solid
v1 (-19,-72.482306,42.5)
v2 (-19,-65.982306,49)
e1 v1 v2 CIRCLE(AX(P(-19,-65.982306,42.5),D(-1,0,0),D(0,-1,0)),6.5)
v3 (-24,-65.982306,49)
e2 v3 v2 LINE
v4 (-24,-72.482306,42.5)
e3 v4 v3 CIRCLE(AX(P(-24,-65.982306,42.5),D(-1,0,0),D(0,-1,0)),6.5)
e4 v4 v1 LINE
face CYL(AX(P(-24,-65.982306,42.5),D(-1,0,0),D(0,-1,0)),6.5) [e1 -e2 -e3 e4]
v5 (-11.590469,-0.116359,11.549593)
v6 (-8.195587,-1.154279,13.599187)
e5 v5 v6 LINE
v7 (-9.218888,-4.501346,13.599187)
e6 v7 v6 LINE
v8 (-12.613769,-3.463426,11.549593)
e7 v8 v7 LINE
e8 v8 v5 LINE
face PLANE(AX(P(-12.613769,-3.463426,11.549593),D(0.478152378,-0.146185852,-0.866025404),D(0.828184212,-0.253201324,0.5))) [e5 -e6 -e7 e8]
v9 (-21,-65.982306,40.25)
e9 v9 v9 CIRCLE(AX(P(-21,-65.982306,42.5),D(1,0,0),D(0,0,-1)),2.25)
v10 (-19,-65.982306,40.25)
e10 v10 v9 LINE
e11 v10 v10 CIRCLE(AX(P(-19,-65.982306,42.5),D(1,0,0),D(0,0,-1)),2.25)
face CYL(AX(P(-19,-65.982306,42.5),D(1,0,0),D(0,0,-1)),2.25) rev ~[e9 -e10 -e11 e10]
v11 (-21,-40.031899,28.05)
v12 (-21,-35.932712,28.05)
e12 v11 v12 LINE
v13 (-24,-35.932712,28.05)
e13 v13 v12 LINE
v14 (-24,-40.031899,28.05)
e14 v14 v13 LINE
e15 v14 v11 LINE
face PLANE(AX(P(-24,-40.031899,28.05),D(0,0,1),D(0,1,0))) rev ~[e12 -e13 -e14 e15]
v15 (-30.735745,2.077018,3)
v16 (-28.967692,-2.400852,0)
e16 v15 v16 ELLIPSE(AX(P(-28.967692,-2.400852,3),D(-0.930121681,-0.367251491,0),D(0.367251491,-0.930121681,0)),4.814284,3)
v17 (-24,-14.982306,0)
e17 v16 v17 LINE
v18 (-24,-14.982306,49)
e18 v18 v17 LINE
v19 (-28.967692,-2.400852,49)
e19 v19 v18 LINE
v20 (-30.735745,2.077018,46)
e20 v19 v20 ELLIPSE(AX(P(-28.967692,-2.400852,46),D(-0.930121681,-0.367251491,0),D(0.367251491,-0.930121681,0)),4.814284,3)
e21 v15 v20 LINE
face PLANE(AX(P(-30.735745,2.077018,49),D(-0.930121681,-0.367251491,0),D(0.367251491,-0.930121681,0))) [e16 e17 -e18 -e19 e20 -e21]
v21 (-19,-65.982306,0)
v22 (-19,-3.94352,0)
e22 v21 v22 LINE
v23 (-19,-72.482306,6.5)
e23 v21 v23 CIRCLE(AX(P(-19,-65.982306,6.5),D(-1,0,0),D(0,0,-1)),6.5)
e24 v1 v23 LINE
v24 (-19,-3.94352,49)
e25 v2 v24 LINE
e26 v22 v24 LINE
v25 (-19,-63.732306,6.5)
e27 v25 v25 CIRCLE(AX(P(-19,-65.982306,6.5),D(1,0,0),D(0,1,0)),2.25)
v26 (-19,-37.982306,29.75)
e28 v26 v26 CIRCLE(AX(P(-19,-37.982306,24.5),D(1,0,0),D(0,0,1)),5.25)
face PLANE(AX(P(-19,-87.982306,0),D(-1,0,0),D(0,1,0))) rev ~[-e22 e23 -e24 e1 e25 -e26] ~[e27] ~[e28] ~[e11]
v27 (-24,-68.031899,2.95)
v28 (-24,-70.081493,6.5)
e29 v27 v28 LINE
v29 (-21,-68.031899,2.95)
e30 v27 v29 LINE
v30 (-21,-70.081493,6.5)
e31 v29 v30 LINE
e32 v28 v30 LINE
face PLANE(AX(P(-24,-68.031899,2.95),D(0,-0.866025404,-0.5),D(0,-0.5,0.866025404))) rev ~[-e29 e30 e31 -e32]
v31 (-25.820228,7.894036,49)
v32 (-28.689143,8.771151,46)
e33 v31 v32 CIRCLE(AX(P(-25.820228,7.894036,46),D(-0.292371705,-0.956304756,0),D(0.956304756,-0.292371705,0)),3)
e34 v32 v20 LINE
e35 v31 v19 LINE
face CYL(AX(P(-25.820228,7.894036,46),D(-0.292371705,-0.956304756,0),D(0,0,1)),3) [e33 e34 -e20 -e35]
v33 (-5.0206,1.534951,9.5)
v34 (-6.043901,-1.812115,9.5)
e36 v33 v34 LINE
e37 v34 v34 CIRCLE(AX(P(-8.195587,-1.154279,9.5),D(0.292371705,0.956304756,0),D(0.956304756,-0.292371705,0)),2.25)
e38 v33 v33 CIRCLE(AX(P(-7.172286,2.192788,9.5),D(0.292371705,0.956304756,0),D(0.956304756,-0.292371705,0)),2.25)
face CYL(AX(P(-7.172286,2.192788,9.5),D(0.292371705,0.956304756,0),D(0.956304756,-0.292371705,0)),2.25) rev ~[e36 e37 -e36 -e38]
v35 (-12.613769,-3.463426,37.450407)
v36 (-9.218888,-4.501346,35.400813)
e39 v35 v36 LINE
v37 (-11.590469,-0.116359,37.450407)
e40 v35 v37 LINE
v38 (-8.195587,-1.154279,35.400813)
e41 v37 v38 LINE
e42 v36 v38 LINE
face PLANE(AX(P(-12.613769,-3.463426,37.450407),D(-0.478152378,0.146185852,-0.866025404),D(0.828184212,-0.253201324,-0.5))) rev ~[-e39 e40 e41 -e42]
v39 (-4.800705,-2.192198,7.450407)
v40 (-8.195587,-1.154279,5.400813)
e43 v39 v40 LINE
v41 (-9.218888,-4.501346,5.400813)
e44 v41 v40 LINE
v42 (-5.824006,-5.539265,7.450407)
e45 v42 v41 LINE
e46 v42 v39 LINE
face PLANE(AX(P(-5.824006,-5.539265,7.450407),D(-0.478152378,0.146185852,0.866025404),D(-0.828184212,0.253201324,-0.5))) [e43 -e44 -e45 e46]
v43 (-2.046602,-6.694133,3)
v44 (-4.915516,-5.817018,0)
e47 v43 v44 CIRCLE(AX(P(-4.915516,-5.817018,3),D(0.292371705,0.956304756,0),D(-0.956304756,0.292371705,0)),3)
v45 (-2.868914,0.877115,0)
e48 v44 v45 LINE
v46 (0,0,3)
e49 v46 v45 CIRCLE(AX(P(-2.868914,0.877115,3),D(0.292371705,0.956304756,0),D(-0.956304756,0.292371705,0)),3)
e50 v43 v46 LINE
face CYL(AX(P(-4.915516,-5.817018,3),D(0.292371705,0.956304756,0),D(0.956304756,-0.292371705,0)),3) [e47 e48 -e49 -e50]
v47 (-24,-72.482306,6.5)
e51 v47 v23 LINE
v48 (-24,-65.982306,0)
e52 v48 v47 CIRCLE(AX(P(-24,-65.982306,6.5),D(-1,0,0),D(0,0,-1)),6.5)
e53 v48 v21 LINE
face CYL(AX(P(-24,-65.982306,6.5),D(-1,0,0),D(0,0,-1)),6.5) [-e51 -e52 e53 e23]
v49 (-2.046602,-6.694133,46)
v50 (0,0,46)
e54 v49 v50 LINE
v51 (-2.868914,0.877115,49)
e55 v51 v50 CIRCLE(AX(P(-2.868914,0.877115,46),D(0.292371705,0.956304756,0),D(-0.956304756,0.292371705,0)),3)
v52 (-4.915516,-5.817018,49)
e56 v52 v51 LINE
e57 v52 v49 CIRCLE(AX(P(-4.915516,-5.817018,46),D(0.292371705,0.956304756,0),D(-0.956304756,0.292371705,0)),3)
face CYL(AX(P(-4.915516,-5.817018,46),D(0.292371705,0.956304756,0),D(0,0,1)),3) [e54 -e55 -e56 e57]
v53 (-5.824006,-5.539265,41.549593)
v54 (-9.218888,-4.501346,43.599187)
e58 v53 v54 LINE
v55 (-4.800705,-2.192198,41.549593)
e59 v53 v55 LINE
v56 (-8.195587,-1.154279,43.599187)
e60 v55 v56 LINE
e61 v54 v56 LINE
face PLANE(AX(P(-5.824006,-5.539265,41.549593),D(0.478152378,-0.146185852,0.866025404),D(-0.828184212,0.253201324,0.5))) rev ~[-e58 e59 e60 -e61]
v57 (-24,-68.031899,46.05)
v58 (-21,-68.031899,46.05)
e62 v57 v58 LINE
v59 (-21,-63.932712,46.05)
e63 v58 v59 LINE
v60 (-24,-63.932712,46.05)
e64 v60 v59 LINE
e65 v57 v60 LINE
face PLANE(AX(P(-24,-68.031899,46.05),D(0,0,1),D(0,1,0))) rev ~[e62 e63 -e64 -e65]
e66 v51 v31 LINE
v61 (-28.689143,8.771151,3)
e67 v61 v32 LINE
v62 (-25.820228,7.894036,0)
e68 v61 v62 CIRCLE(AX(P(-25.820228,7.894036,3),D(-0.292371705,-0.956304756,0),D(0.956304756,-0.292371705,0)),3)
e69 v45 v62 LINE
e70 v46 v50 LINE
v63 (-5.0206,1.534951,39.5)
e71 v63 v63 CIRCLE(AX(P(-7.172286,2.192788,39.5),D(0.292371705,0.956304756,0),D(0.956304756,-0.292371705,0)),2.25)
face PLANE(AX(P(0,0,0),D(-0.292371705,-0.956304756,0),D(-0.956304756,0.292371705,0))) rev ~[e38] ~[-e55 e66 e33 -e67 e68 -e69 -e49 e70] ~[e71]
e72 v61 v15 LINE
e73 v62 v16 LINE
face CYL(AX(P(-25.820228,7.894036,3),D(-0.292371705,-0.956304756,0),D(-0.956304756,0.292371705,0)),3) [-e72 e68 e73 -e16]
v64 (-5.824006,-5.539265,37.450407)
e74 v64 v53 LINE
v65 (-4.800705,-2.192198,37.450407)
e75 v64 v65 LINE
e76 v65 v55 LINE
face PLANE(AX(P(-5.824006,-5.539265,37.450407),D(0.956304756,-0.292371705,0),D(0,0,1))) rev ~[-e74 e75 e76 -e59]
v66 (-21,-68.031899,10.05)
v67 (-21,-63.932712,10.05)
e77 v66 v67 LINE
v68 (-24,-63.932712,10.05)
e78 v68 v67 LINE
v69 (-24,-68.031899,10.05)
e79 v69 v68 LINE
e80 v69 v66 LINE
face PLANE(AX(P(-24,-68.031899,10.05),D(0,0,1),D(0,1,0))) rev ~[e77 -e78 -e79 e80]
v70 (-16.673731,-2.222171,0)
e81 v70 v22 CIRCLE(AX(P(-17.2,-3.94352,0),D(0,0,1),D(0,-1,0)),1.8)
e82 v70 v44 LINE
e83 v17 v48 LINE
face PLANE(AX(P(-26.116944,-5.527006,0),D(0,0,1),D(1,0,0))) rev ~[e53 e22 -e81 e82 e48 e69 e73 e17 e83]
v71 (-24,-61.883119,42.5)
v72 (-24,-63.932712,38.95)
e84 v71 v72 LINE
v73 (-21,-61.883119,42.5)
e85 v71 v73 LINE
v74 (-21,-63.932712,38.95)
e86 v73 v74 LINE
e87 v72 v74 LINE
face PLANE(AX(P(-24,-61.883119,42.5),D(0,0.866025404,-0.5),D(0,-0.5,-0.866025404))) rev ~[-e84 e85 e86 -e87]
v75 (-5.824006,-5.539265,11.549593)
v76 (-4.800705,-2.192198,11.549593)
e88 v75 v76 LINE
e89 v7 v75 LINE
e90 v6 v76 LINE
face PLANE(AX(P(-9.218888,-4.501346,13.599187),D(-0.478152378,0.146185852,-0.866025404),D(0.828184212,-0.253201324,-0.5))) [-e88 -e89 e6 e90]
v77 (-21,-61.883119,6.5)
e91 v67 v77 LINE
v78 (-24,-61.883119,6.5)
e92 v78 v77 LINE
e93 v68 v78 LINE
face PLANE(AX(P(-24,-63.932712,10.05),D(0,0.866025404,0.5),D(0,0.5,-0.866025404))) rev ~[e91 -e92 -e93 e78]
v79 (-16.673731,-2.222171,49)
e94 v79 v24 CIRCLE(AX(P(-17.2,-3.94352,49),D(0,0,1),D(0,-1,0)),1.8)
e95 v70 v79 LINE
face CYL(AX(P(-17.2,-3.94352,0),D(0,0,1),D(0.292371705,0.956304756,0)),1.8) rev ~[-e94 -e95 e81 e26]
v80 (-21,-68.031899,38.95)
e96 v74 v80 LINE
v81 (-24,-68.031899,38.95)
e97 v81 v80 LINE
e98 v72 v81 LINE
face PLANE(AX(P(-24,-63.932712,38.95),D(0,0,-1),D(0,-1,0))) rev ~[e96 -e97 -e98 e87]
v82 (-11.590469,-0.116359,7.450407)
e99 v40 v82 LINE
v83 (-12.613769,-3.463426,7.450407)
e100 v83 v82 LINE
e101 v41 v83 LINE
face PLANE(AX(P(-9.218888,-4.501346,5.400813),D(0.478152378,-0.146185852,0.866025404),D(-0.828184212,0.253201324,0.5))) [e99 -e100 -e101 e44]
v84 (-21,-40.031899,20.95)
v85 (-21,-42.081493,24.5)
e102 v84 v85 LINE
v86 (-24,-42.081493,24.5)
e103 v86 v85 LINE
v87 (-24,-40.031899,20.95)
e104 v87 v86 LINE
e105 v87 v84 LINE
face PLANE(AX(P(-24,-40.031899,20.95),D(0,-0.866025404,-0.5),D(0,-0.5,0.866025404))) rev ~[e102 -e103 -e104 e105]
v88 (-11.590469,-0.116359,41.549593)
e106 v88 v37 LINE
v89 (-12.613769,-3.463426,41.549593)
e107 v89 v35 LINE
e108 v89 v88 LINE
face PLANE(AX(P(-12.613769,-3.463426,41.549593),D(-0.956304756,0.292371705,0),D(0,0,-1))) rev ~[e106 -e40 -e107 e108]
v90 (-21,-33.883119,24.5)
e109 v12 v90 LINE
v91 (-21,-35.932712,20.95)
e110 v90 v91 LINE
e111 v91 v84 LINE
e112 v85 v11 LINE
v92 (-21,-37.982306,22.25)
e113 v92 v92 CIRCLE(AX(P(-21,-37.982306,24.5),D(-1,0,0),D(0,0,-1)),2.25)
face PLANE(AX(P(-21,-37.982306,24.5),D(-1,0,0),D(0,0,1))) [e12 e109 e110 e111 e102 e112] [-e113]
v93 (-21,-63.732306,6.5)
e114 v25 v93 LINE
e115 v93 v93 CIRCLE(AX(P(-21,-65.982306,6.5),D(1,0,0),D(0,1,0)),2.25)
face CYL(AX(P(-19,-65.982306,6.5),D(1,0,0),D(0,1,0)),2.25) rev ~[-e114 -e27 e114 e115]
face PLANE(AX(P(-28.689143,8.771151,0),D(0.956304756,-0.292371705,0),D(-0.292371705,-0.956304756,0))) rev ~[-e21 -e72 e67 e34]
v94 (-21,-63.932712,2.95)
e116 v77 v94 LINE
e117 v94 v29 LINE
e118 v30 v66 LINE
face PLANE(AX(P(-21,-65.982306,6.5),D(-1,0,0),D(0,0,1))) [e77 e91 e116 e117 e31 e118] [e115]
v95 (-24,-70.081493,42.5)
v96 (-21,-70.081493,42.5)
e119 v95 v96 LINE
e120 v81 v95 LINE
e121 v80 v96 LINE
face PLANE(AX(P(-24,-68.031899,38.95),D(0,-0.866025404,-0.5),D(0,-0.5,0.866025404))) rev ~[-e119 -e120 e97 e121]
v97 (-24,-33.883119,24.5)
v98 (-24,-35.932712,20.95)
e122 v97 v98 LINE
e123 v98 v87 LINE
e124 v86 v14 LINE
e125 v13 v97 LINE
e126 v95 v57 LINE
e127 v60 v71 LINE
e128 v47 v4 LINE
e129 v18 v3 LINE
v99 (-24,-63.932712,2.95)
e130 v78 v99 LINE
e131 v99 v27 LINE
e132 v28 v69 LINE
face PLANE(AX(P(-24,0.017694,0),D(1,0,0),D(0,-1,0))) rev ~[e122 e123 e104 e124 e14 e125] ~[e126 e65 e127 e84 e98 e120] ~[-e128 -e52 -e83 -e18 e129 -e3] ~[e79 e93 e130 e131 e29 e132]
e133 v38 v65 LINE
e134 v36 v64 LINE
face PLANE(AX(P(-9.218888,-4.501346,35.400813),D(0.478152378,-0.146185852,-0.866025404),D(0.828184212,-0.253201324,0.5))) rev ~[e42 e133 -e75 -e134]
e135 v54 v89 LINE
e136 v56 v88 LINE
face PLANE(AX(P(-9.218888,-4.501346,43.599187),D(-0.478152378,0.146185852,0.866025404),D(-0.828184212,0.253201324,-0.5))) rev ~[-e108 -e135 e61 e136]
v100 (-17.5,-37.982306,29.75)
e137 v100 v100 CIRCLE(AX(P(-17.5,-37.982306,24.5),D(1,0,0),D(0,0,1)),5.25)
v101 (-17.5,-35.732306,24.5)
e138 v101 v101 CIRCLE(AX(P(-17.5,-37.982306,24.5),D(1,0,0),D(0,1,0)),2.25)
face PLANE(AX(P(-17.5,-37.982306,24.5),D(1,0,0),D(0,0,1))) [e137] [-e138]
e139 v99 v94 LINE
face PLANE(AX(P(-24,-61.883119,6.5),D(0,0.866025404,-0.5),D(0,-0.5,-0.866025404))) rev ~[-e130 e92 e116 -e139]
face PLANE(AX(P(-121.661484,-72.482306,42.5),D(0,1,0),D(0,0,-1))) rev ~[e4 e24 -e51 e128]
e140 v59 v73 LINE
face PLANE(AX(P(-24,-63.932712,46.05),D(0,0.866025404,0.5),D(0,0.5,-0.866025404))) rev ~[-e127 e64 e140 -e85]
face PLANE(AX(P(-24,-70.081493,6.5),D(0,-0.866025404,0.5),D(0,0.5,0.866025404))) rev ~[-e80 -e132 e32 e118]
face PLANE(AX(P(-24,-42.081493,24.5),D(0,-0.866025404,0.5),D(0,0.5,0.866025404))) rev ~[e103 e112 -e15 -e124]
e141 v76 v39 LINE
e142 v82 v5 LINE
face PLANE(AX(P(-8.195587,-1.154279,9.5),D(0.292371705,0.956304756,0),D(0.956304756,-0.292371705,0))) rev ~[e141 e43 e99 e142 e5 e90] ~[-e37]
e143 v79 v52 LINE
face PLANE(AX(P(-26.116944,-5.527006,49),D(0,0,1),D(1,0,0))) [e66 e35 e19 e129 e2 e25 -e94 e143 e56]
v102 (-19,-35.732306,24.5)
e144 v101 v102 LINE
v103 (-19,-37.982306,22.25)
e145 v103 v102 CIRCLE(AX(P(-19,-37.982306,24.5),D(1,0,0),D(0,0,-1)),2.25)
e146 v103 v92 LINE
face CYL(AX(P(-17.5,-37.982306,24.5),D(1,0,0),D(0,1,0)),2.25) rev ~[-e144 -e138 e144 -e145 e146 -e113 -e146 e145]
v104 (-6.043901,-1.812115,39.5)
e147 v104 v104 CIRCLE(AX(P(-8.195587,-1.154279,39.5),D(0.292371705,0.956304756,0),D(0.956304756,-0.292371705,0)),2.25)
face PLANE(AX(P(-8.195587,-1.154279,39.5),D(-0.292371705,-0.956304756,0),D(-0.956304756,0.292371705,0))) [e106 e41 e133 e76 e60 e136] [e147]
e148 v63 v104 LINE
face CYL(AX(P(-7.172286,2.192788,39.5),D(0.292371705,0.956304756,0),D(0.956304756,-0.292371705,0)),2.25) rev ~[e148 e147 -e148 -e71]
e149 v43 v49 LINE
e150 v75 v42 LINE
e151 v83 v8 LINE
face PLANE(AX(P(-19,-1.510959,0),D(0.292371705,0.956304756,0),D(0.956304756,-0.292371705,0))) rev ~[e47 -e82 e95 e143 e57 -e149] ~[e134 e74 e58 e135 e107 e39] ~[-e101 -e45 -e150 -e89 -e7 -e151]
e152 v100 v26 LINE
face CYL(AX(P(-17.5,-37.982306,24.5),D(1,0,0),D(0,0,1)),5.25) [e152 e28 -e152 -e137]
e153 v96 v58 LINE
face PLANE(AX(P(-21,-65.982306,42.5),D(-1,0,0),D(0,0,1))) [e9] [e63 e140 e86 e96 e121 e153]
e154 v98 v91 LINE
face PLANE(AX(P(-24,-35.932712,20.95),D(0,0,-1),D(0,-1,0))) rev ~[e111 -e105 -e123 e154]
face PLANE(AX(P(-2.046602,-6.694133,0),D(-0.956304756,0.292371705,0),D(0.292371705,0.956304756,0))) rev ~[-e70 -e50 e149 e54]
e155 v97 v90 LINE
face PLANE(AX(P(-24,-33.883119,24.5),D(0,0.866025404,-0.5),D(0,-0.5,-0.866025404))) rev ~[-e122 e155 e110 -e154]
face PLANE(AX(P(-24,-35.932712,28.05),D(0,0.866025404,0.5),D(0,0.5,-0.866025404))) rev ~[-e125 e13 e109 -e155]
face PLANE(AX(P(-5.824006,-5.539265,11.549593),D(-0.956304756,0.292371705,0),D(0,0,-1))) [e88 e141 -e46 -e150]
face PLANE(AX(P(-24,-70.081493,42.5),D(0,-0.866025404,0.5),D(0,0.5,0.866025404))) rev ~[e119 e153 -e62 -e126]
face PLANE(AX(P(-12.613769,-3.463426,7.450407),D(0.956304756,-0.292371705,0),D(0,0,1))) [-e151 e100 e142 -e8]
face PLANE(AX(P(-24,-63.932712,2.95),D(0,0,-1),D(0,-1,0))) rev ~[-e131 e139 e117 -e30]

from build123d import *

# Parameters (mm, degrees)
BOSS_EXTRU_1_DEPTH                  = 49
ENL_V_MAT_EXTRU_1_REACH             = 107.293
ESQUISSE2_R                         = 2.25
ENL_V_MAT_EXTRU_1_DIRECTION_2_DEPTH = 106.292792514
ENL_V_MAT_EXTRU_2_REACH             = 104.484
ESQUISSE3_R                         = 2.25
ENL_V_START                         = -5
ENL_V_MAT_EXTRU_3_DEPTH             = 5
CONG_1_R                            = 3
ENL_V_START_2                       = -7
ENL_V_MAT_EXTRU_4_DEPTH             = 3.5
BOSS_EXTRU_2_DEPTH                  = 49
CONG_2_R                            = 1.8
CONG_3_R                            = 3
ENL_V_MAT_EXTRU_5_DEPTH             = 102.661483921
ENL_V_MAT_EXTRU_5_DEPTH_BACK        = 102.661483921
ESQUISSE8_W                         = 36
ESQUISSE8_H                         = 16
BOSS_EXTRU_3_START                  = 1.5
ESQUISSE9_R                         = 5.25
ESQUISSE9_R_2                       = 2.25
BOSS_EXTRU_3_DEPTH                  = 1.5
ENL_V_MAT_EXTRU_6_DEPTH             = 3


with BuildPart() as part:
    # Esquisse1 → Boss.-Extru.1 (new body)
    with BuildSketch(Plane.XY):
        Polygon((0, 0), (-28.689142679, 8.771151142), (-30.735744612, 2.07701785), (-24, 0.01769406), (-24, -87.98230594), (-19, -87.98230594), (-19, -1.510959348), (-2.046601933, -6.694133292), align=None)
    extrude(amount=BOSS_EXTRU_1_DEPTH)

    # Esquisse2 → Enlèv. mat.-Extru.1 (cut, up to next)
    with BuildSketch(Plane(origin=(0, 0, 0), x_dir=(0.9563047559630374, -0.2923717047227305, 0), z_dir=(0.2923717047227305, 0.9563047559630374, 0)), mode=Mode.PRIVATE) as enl_v_mat_extru_1_sk1:
        with Locations((-7.5, -9.5)):
            Circle(ESQUISSE2_R)
    enl_v_mat_extru_1_tool1 = extrude(enl_v_mat_extru_1_sk1.sketch, amount=-ENL_V_MAT_EXTRU_1_REACH, mode=Mode.PRIVATE) & part.part
    # Esquisse2 → Enlèv. mat.-Extru.1 (cut, up to next)
    with BuildSketch(Plane(origin=(0, 0, 0), x_dir=(0.9563047559630374, -0.2923717047227305, 0), z_dir=(0.2923717047227305, 0.9563047559630374, 0)), mode=Mode.PRIVATE) as enl_v_mat_extru_1_sk2:
        with Locations((-7.5, -39.5)):
            Circle(ESQUISSE2_R)
    enl_v_mat_extru_1_tool2 = extrude(enl_v_mat_extru_1_sk2.sketch, amount=-ENL_V_MAT_EXTRU_1_REACH, mode=Mode.PRIVATE) & part.part
    add(enl_v_mat_extru_1_tool1.solids().sort_by_distance((-7.172286, 2.192788, 9.5))[0], mode=Mode.SUBTRACT)
    add(enl_v_mat_extru_1_tool2.solids().sort_by_distance((-7.172286, 2.192788, 39.5))[0], mode=Mode.SUBTRACT)

    # Esquisse2 → Enlèv. mat.-Extru.1 direction 2 (cut)
    with BuildSketch(Plane(origin=(0, 0, 0), x_dir=(0.9563047559630374, -0.2923717047227305, 0), z_dir=(0.2923717047227305, 0.9563047559630374, 0))):
        with Locations((-7.5, -9.5)):
            Circle(ESQUISSE2_R)
        with Locations((-7.5, -39.5)):
            Circle(ESQUISSE2_R)
    extrude(amount=ENL_V_MAT_EXTRU_1_DIRECTION_2_DEPTH, mode=Mode.SUBTRACT)

    # Esquisse3 → Enlèv. mat.-Extru.2 (cut, up to next)
    with BuildSketch(Plane(origin=(-19, 0, 0), x_dir=(0, 0, -1), z_dir=(1, 0, 0)), mode=Mode.PRIVATE) as enl_v_mat_extru_2_sk1:
        with Locations((-42.5, -65.98230594)):
            Circle(ESQUISSE3_R)
    enl_v_mat_extru_2_tool1 = extrude(enl_v_mat_extru_2_sk1.sketch, amount=-ENL_V_MAT_EXTRU_2_REACH, mode=Mode.PRIVATE) & part.part
    # Esquisse3 → Enlèv. mat.-Extru.2 (cut, up to next)
    with BuildSketch(Plane(origin=(-19, 0, 0), x_dir=(0, 0, -1), z_dir=(1, 0, 0)), mode=Mode.PRIVATE) as enl_v_mat_extru_2_sk2:
        with Locations(Location((-6.5, -65.98230594, 0), (0, 0, 90))):
            Circle(ESQUISSE3_R)
    enl_v_mat_extru_2_tool2 = extrude(enl_v_mat_extru_2_sk2.sketch, amount=-ENL_V_MAT_EXTRU_2_REACH, mode=Mode.PRIVATE) & part.part
    # Esquisse3 → Enlèv. mat.-Extru.2 (cut, up to next)
    with BuildSketch(Plane(origin=(-19, 0, 0), x_dir=(0, 0, -1), z_dir=(1, 0, 0)), mode=Mode.PRIVATE) as enl_v_mat_extru_2_sk3:
        with Locations((-24.5, -37.98230594)):
            Circle(ESQUISSE3_R)
    enl_v_mat_extru_2_tool3 = extrude(enl_v_mat_extru_2_sk3.sketch, amount=-ENL_V_MAT_EXTRU_2_REACH, mode=Mode.PRIVATE) & part.part
    add(enl_v_mat_extru_2_tool1.solids().sort_by_distance((-19, -65.982306, 42.5))[0], mode=Mode.SUBTRACT)
    add(enl_v_mat_extru_2_tool2.solids().sort_by_distance((-19, -65.982306, 6.5))[0], mode=Mode.SUBTRACT)
    add(enl_v_mat_extru_2_tool3.solids().sort_by_distance((-19, -37.982306, 24.5))[0], mode=Mode.SUBTRACT)

    # Esquisse4 → Enlèv. mat.-Extru.3 (cut)
    with BuildSketch(Plane(origin=(-19, 0, 0), x_dir=(0, 0, -1), z_dir=(1, 0, 0)).offset(ENL_V_START)):
        with BuildLine():
            Line((-24.5, -87.98230594), (-42.5, -72.48230594))
            ThreePointArc((-42.5, -72.48230594), (-47.096194078, -70.578500018), (-49, -65.98230594))
            Line((-49, -65.98230594), (-50, -65.98230594))
            Line((-50, -65.98230594), (-50, -88.98230594))
            Line((-50, -88.98230594), (1, -88.98230594))
            Line((1, -88.98230594), (1, -65.98230594))
            Line((1, -65.98230594), (0, -65.98230594))
            ThreePointArc((0, -65.98230594), (-1.903805922, -70.578500018), (-6.5, -72.48230594))
            Line((-6.5, -72.48230594), (-24.5, -87.98230594))
        make_face()
    extrude(amount=ENL_V_MAT_EXTRU_3_DEPTH, mode=Mode.SUBTRACT)

    # Congé1
    cong_1_edges = [part.edges().sort_by_distance(p)[0] for p in [
        (-21.5, -87.98230594, 24.5),
    ]]
    fillet(cong_1_edges, radius=CONG_1_R)

    # Esquisse5 → Enlèv. mat.-Extru.4 (cut)
    with BuildSketch(Plane(origin=(0, 0, 0), x_dir=(0.9563047559630375, -0.2923717047227304, 0), z_dir=(0.2923717047227304, 0.9563047559630375, 0)).offset(ENL_V_START_2)):
        Polygon((-3.95, -11.549593456), (-3.95, -7.450406544), (-7.5, -5.400813089), (-11.05, -7.450406544), (-11.05, -11.549593456), (-7.5, -13.599186911), align=None)
        Polygon((-7.5, -35.400813089), (-3.95, -37.450406544), (-3.95, -41.549593456), (-7.5, -43.599186911), (-11.05, -41.549593456), (-11.05, -37.450406544), align=None)
    extrude(amount=ENL_V_MAT_EXTRU_4_DEPTH, mode=Mode.SUBTRACT)

    # Esquisse6 → Boss.-Extru.2 (add)
    with BuildSketch(Plane.XY.offset(49)):
        Polygon((-30.735744612, 2.07701785), (-24, -14.98230594), (-24, 0.01769406), align=None)
    extrude(amount=-BOSS_EXTRU_2_DEPTH)

    # Congé2
    cong_2_edges = [part.edges().sort_by_distance(p)[0] for p in [
        (-19, -1.510959348, 24.5),
    ]]
    fillet(cong_2_edges, radius=CONG_2_R)

    # Congé3
    cong_3_edges = [part.edges().sort_by_distance(p)[0] for p in [
        (-29.712443645, 5.424084496, 49),
        (-1.023300967, -3.347066646, 0),
        (-1.023300967, -3.347066646, 49),
        (-29.712443645, 5.424084496, 0),
    ]]
    fillet(cong_3_edges, radius=CONG_3_R)

    # Esquisse8 → Enlèv. mat.-Extru.5 (cut, two sides: drawn at the far end of the back side and taken through both)
    with BuildSketch(Plane(origin=(-19, 0, 0), x_dir=(0, 0, -1), z_dir=(1, 0, 0)).offset(-ENL_V_MAT_EXTRU_5_DEPTH_BACK)):
        with Locations((-24.5, -80.48230594)):
            Rectangle(ESQUISSE8_W, ESQUISSE8_H)
    extrude(amount=ENL_V_MAT_EXTRU_5_DEPTH + ENL_V_MAT_EXTRU_5_DEPTH_BACK, mode=Mode.SUBTRACT)

    # Esquisse9 → Boss.-Extru.3 (add)
    with BuildSketch(Plane(origin=(-19, 0, 0), x_dir=(0, 0, -1), z_dir=(1, 0, 0)).offset(BOSS_EXTRU_3_START)):
        with Locations(Location((-24.5, -37.98230594, 0), (0, 0, 180))):
            Circle(ESQUISSE9_R)
        with Locations(Location((-24.5, -37.98230594, 0), (0, 0, 90))):
            Circle(ESQUISSE9_R_2, mode=Mode.SUBTRACT)
    extrude(amount=-BOSS_EXTRU_3_DEPTH)

    # Esquisse10 → Enlèv. mat.-Extru.6 (cut)
    with BuildSketch(Plane.ZY.offset(24)):
        Polygon((28.05, -40.031899396), (28.05, -35.932712485), (24.5, -33.883119029), (20.95, -35.932712485), (20.95, -40.031899396), (24.5, -42.081492852), align=None)
        Polygon((10.05, -68.031899396), (10.05, -63.932712485), (6.5, -61.883119029), (2.95, -63.932712485), (2.95, -68.031899396), (6.5, -70.081492852), align=None)
        Polygon((46.05, -68.031899396), (46.05, -63.932712485), (42.5, -61.883119029), (38.95, -63.932712485), (38.95, -68.031899396), (42.5, -70.081492852), align=None)
    extrude(amount=-ENL_V_MAT_EXTRU_6_DEPTH, mode=Mode.SUBTRACT)


solid = part.part
